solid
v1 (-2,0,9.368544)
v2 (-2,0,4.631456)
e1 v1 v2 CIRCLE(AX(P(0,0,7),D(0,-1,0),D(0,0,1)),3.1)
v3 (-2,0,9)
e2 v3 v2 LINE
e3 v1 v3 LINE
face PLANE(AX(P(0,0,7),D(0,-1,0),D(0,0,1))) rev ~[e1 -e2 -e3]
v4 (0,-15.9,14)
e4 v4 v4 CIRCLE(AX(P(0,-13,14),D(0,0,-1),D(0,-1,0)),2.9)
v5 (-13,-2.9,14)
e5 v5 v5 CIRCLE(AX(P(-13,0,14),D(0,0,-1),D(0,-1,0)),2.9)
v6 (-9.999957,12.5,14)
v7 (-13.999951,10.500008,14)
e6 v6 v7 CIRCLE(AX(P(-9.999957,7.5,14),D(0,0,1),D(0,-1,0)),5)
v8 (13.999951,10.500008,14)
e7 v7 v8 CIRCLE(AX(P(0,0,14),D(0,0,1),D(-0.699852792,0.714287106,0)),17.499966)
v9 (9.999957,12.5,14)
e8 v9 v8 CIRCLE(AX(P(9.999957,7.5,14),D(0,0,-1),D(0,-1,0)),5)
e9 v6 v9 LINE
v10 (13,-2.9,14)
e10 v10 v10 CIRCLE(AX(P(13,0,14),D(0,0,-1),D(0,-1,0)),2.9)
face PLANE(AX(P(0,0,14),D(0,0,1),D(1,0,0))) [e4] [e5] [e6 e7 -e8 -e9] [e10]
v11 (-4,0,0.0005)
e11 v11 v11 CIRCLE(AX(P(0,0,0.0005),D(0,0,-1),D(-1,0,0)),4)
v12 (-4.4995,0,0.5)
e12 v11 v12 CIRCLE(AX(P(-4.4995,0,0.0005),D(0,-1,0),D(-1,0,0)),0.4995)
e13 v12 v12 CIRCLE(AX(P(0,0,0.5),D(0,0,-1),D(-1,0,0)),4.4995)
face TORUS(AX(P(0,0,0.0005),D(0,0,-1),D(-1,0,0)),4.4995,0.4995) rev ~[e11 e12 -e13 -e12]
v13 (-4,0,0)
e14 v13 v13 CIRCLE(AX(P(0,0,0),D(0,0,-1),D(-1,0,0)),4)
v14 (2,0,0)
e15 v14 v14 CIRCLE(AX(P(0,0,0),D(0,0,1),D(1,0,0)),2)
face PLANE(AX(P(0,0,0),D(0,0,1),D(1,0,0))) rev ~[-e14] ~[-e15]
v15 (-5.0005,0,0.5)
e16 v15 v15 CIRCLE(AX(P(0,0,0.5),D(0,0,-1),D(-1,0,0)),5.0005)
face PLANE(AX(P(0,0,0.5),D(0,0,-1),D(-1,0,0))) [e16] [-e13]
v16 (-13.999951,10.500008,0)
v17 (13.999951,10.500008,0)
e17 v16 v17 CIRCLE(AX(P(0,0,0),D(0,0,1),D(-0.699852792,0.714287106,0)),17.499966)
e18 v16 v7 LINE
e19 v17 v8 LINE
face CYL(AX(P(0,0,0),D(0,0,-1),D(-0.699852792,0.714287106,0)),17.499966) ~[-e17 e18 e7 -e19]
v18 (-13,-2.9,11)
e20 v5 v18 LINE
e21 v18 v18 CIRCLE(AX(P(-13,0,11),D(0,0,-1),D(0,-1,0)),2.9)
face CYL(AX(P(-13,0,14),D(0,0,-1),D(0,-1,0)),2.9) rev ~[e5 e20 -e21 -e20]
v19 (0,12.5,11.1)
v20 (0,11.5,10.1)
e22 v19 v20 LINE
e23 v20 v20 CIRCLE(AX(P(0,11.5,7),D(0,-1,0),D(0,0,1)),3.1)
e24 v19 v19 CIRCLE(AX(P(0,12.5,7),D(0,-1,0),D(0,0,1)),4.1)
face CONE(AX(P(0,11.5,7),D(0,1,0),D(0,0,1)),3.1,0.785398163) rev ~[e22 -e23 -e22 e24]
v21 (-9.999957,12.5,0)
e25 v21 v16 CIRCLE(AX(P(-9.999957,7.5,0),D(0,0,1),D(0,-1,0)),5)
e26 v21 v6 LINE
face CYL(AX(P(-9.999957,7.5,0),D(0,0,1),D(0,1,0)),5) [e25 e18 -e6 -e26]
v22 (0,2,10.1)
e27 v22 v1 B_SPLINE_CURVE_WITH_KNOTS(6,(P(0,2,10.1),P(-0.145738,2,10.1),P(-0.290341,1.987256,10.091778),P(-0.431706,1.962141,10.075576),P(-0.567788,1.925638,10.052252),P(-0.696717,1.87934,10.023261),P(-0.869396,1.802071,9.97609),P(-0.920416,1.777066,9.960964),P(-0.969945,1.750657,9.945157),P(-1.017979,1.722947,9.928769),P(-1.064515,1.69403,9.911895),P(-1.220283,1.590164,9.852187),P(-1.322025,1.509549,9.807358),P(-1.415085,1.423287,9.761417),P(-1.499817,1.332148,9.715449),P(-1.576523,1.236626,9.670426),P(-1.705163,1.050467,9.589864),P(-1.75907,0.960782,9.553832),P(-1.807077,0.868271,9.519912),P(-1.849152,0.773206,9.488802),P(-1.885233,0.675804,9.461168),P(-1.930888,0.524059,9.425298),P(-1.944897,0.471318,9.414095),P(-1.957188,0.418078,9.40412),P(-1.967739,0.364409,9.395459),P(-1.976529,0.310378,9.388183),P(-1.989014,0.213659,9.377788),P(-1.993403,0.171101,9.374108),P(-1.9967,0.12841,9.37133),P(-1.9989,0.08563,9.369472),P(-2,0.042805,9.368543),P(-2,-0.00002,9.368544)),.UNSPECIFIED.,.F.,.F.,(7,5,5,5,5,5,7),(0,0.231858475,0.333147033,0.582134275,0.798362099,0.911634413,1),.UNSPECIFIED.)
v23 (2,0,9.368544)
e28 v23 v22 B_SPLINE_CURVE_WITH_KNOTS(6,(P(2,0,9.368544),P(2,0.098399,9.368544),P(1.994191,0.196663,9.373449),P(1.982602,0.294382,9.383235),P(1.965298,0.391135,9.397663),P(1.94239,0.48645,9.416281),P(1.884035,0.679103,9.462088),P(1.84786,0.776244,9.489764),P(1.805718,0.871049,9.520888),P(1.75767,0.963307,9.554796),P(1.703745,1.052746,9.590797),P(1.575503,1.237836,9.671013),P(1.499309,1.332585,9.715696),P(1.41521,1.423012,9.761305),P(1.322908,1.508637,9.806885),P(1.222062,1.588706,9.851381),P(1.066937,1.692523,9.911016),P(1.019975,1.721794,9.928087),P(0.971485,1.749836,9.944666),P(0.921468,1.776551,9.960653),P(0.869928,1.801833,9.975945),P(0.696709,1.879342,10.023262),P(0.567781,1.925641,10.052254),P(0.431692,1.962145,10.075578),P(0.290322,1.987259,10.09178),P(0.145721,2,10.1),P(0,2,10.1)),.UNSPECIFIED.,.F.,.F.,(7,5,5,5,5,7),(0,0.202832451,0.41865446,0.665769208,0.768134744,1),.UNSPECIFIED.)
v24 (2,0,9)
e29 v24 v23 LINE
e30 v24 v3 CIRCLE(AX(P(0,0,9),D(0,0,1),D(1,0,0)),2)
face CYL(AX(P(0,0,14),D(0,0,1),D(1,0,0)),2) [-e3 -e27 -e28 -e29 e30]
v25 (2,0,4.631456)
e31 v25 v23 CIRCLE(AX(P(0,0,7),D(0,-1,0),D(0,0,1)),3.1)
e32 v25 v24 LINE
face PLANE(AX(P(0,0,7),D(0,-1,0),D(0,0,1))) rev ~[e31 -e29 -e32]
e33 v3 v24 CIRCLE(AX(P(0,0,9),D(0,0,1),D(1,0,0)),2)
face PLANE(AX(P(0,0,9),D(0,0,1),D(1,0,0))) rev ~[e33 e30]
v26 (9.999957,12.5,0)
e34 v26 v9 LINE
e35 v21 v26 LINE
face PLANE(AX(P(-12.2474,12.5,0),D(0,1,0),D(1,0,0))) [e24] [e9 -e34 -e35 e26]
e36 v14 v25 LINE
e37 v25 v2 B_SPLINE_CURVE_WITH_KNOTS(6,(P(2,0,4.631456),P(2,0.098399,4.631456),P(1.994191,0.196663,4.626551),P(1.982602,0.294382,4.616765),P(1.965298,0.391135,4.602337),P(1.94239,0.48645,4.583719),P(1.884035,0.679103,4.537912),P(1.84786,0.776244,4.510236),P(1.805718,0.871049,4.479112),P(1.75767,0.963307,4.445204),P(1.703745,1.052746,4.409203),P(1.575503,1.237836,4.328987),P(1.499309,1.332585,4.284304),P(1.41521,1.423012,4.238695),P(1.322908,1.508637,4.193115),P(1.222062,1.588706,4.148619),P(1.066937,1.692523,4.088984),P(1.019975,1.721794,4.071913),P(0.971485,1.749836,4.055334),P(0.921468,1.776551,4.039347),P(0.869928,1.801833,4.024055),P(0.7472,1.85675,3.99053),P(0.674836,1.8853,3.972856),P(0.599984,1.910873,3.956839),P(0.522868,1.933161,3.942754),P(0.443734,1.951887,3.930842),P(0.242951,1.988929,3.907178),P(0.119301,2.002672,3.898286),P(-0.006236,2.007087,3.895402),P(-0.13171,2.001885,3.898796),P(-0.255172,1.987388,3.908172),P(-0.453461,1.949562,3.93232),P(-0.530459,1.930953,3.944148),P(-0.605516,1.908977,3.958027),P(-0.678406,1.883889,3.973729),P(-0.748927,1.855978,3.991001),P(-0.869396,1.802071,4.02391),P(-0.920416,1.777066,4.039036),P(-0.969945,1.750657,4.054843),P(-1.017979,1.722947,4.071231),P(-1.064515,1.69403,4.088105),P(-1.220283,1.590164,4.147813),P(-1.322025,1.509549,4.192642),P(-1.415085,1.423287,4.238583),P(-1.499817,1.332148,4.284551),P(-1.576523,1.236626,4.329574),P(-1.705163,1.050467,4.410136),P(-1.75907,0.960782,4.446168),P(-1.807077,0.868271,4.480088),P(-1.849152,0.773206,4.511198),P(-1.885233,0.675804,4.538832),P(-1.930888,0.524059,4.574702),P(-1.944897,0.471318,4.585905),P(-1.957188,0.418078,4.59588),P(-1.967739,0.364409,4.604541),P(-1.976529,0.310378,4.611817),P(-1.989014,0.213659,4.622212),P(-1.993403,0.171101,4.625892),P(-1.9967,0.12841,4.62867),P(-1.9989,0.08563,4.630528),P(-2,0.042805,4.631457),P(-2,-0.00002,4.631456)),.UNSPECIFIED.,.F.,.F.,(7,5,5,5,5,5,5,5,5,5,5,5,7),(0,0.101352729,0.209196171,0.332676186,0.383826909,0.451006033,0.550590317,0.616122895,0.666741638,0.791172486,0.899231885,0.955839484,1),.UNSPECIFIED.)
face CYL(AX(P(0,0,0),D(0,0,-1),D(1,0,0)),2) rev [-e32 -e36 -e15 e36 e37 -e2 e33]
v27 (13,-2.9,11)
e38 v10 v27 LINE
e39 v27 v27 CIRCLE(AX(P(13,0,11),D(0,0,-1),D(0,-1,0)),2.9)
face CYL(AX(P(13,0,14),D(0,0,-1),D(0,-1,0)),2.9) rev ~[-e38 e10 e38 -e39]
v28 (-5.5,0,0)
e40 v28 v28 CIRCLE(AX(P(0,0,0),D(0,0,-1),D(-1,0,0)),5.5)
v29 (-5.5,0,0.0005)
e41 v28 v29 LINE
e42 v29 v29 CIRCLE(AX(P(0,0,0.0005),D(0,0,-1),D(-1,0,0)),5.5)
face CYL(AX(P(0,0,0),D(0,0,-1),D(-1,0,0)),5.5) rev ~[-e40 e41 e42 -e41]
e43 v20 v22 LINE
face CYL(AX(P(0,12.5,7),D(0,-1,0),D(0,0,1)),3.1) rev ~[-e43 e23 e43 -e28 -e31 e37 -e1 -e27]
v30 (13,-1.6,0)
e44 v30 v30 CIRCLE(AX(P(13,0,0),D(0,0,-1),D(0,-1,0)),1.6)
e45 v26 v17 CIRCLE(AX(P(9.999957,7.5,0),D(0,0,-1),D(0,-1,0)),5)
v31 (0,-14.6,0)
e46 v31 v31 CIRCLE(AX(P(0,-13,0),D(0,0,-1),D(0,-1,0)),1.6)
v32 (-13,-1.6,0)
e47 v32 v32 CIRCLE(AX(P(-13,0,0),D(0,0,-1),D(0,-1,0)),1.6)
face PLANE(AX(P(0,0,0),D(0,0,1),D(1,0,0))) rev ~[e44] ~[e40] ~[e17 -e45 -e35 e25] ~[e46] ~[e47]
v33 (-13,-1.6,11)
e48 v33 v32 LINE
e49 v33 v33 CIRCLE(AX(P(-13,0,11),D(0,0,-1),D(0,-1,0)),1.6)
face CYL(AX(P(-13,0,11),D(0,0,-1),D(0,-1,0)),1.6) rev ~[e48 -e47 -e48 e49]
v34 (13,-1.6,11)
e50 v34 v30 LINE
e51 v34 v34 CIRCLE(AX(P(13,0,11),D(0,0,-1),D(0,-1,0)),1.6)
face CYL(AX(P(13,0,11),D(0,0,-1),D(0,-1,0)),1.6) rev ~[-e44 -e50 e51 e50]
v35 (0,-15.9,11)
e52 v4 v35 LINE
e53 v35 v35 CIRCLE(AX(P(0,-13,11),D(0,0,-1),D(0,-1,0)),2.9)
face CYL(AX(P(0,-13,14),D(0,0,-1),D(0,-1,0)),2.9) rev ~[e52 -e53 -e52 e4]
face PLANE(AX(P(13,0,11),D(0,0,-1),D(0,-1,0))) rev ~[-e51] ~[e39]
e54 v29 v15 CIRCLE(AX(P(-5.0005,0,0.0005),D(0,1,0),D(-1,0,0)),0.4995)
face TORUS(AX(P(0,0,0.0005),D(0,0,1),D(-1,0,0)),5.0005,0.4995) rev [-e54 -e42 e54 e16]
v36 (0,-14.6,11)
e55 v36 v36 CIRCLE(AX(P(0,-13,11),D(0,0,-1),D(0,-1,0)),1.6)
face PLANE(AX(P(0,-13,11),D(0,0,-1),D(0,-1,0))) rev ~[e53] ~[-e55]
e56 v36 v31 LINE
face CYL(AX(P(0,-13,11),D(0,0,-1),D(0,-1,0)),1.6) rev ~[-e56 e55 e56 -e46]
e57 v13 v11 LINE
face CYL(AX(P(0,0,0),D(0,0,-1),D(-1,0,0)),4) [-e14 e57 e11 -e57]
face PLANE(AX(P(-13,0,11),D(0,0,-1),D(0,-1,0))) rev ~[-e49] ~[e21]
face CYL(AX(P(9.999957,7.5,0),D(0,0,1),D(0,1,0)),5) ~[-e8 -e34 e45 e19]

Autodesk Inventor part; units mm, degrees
ref_plane "YZ Plane" through (0, 0, 0) normal (1, 0, 0) x (0, 1, 0)
ref_plane "XZ Plane" through (0, 0, 0) normal (0, 1, 0) x (-1, 0, 0)
ref_plane "XY Plane" through (0, 0, 0) normal (0, 0, 1) x (1, 0, 0)
sketch "Sketch1" plane through (0, 0, 0) normal (0, 0, 1) x (1, 0, 0)
  circle A0 centre (0, 0) radius 2
  arc A1 (-12.2474, 12.5) -> (12.2474, 12.5) centre (0, 0) ccw
  line L0 (-12.2474, 12.5) -> (12.2474, 12.5)
  dimension "d0" = 4
  dimension "d1" = 35
  dimension "d2" = 12.5
extrude "Extrusion1" add sketch "Sketch1" along normal blind 14
sketch "Sketch2" plane through (-12.2474, 12.5, 0) normal (0, 1, 0) x (1, 0, 0)
  line L0 (0, 0) -> (0, -14) construction
  line L1 (0, -7) -> (24.4949, -7) construction
  line L2 (24.4949, 0) -> (24.4949, -14) construction
  point P0 (12.2474, 0)
  point P1 (12.2474, -7)
hole "Hole1" at (0, 12.5, 7) direction (0, -1, 0) diameter 6.2 depth 12.5
sketch "Sketch4" plane through (0, 0, 14) normal (0, 0, 1) x (1, 0, 0)
  circle A0 centre (0, 0) radius 2
  circle A1 centre (0, 0) radius 2 construction
extrude "Extrusion3" add sketch "Sketch4" against normal blind 5
sketch "Sketch5" plane through (0, 0, 14) normal (0, 0, 1) x (1, 0, 0)
  point P0 (0, 0)
sketch "Sketch6" plane through (0, 0, 0) normal (0, 0, -1) x (-1, 0, 0)
  circle A0 centre (0, 0) radius 4
  circle A1 centre (0, 0) radius 5.5
  dimension "d16" = 8
  dimension "d29" = 1.5
extrude "Extrusion4" cut sketch "Sketch6" against normal blind 0.5
fillet "Fillet1" radius 0.5 2 edges at (4, 0, 0.5) (5.5, 0, 0.5)
fillet "Fillet2" radius 5 2 edges at (-12.2474, 12.5, 7) (12.2474, 12.5, 7)
sketch "Sketch8" plane through (0, 0, 14) normal (0, 0, 1) x (1, 0, 0)
  circle A0 centre (0, 0) radius 13 construction
  line L0 (-13, 0) -> (13, 0) construction
  line L1 (0, 0) -> (0, -13) construction
  dimension "d31" = 26
hole "Hole3" at (-13, 0, 14) at (13, 0, 14) at (0, -13, 14) direction (0, 0, -1) diameter 3.2 end through all counterbore diameter 5.8 counterbore depth 3
chamfer "Chamfer1" distance 1 angle 45 1 edges at (0, 12.5, 3.9)
properties part number "CH_01_0036_syringe_pump_mount" material "ABS Plastic"
